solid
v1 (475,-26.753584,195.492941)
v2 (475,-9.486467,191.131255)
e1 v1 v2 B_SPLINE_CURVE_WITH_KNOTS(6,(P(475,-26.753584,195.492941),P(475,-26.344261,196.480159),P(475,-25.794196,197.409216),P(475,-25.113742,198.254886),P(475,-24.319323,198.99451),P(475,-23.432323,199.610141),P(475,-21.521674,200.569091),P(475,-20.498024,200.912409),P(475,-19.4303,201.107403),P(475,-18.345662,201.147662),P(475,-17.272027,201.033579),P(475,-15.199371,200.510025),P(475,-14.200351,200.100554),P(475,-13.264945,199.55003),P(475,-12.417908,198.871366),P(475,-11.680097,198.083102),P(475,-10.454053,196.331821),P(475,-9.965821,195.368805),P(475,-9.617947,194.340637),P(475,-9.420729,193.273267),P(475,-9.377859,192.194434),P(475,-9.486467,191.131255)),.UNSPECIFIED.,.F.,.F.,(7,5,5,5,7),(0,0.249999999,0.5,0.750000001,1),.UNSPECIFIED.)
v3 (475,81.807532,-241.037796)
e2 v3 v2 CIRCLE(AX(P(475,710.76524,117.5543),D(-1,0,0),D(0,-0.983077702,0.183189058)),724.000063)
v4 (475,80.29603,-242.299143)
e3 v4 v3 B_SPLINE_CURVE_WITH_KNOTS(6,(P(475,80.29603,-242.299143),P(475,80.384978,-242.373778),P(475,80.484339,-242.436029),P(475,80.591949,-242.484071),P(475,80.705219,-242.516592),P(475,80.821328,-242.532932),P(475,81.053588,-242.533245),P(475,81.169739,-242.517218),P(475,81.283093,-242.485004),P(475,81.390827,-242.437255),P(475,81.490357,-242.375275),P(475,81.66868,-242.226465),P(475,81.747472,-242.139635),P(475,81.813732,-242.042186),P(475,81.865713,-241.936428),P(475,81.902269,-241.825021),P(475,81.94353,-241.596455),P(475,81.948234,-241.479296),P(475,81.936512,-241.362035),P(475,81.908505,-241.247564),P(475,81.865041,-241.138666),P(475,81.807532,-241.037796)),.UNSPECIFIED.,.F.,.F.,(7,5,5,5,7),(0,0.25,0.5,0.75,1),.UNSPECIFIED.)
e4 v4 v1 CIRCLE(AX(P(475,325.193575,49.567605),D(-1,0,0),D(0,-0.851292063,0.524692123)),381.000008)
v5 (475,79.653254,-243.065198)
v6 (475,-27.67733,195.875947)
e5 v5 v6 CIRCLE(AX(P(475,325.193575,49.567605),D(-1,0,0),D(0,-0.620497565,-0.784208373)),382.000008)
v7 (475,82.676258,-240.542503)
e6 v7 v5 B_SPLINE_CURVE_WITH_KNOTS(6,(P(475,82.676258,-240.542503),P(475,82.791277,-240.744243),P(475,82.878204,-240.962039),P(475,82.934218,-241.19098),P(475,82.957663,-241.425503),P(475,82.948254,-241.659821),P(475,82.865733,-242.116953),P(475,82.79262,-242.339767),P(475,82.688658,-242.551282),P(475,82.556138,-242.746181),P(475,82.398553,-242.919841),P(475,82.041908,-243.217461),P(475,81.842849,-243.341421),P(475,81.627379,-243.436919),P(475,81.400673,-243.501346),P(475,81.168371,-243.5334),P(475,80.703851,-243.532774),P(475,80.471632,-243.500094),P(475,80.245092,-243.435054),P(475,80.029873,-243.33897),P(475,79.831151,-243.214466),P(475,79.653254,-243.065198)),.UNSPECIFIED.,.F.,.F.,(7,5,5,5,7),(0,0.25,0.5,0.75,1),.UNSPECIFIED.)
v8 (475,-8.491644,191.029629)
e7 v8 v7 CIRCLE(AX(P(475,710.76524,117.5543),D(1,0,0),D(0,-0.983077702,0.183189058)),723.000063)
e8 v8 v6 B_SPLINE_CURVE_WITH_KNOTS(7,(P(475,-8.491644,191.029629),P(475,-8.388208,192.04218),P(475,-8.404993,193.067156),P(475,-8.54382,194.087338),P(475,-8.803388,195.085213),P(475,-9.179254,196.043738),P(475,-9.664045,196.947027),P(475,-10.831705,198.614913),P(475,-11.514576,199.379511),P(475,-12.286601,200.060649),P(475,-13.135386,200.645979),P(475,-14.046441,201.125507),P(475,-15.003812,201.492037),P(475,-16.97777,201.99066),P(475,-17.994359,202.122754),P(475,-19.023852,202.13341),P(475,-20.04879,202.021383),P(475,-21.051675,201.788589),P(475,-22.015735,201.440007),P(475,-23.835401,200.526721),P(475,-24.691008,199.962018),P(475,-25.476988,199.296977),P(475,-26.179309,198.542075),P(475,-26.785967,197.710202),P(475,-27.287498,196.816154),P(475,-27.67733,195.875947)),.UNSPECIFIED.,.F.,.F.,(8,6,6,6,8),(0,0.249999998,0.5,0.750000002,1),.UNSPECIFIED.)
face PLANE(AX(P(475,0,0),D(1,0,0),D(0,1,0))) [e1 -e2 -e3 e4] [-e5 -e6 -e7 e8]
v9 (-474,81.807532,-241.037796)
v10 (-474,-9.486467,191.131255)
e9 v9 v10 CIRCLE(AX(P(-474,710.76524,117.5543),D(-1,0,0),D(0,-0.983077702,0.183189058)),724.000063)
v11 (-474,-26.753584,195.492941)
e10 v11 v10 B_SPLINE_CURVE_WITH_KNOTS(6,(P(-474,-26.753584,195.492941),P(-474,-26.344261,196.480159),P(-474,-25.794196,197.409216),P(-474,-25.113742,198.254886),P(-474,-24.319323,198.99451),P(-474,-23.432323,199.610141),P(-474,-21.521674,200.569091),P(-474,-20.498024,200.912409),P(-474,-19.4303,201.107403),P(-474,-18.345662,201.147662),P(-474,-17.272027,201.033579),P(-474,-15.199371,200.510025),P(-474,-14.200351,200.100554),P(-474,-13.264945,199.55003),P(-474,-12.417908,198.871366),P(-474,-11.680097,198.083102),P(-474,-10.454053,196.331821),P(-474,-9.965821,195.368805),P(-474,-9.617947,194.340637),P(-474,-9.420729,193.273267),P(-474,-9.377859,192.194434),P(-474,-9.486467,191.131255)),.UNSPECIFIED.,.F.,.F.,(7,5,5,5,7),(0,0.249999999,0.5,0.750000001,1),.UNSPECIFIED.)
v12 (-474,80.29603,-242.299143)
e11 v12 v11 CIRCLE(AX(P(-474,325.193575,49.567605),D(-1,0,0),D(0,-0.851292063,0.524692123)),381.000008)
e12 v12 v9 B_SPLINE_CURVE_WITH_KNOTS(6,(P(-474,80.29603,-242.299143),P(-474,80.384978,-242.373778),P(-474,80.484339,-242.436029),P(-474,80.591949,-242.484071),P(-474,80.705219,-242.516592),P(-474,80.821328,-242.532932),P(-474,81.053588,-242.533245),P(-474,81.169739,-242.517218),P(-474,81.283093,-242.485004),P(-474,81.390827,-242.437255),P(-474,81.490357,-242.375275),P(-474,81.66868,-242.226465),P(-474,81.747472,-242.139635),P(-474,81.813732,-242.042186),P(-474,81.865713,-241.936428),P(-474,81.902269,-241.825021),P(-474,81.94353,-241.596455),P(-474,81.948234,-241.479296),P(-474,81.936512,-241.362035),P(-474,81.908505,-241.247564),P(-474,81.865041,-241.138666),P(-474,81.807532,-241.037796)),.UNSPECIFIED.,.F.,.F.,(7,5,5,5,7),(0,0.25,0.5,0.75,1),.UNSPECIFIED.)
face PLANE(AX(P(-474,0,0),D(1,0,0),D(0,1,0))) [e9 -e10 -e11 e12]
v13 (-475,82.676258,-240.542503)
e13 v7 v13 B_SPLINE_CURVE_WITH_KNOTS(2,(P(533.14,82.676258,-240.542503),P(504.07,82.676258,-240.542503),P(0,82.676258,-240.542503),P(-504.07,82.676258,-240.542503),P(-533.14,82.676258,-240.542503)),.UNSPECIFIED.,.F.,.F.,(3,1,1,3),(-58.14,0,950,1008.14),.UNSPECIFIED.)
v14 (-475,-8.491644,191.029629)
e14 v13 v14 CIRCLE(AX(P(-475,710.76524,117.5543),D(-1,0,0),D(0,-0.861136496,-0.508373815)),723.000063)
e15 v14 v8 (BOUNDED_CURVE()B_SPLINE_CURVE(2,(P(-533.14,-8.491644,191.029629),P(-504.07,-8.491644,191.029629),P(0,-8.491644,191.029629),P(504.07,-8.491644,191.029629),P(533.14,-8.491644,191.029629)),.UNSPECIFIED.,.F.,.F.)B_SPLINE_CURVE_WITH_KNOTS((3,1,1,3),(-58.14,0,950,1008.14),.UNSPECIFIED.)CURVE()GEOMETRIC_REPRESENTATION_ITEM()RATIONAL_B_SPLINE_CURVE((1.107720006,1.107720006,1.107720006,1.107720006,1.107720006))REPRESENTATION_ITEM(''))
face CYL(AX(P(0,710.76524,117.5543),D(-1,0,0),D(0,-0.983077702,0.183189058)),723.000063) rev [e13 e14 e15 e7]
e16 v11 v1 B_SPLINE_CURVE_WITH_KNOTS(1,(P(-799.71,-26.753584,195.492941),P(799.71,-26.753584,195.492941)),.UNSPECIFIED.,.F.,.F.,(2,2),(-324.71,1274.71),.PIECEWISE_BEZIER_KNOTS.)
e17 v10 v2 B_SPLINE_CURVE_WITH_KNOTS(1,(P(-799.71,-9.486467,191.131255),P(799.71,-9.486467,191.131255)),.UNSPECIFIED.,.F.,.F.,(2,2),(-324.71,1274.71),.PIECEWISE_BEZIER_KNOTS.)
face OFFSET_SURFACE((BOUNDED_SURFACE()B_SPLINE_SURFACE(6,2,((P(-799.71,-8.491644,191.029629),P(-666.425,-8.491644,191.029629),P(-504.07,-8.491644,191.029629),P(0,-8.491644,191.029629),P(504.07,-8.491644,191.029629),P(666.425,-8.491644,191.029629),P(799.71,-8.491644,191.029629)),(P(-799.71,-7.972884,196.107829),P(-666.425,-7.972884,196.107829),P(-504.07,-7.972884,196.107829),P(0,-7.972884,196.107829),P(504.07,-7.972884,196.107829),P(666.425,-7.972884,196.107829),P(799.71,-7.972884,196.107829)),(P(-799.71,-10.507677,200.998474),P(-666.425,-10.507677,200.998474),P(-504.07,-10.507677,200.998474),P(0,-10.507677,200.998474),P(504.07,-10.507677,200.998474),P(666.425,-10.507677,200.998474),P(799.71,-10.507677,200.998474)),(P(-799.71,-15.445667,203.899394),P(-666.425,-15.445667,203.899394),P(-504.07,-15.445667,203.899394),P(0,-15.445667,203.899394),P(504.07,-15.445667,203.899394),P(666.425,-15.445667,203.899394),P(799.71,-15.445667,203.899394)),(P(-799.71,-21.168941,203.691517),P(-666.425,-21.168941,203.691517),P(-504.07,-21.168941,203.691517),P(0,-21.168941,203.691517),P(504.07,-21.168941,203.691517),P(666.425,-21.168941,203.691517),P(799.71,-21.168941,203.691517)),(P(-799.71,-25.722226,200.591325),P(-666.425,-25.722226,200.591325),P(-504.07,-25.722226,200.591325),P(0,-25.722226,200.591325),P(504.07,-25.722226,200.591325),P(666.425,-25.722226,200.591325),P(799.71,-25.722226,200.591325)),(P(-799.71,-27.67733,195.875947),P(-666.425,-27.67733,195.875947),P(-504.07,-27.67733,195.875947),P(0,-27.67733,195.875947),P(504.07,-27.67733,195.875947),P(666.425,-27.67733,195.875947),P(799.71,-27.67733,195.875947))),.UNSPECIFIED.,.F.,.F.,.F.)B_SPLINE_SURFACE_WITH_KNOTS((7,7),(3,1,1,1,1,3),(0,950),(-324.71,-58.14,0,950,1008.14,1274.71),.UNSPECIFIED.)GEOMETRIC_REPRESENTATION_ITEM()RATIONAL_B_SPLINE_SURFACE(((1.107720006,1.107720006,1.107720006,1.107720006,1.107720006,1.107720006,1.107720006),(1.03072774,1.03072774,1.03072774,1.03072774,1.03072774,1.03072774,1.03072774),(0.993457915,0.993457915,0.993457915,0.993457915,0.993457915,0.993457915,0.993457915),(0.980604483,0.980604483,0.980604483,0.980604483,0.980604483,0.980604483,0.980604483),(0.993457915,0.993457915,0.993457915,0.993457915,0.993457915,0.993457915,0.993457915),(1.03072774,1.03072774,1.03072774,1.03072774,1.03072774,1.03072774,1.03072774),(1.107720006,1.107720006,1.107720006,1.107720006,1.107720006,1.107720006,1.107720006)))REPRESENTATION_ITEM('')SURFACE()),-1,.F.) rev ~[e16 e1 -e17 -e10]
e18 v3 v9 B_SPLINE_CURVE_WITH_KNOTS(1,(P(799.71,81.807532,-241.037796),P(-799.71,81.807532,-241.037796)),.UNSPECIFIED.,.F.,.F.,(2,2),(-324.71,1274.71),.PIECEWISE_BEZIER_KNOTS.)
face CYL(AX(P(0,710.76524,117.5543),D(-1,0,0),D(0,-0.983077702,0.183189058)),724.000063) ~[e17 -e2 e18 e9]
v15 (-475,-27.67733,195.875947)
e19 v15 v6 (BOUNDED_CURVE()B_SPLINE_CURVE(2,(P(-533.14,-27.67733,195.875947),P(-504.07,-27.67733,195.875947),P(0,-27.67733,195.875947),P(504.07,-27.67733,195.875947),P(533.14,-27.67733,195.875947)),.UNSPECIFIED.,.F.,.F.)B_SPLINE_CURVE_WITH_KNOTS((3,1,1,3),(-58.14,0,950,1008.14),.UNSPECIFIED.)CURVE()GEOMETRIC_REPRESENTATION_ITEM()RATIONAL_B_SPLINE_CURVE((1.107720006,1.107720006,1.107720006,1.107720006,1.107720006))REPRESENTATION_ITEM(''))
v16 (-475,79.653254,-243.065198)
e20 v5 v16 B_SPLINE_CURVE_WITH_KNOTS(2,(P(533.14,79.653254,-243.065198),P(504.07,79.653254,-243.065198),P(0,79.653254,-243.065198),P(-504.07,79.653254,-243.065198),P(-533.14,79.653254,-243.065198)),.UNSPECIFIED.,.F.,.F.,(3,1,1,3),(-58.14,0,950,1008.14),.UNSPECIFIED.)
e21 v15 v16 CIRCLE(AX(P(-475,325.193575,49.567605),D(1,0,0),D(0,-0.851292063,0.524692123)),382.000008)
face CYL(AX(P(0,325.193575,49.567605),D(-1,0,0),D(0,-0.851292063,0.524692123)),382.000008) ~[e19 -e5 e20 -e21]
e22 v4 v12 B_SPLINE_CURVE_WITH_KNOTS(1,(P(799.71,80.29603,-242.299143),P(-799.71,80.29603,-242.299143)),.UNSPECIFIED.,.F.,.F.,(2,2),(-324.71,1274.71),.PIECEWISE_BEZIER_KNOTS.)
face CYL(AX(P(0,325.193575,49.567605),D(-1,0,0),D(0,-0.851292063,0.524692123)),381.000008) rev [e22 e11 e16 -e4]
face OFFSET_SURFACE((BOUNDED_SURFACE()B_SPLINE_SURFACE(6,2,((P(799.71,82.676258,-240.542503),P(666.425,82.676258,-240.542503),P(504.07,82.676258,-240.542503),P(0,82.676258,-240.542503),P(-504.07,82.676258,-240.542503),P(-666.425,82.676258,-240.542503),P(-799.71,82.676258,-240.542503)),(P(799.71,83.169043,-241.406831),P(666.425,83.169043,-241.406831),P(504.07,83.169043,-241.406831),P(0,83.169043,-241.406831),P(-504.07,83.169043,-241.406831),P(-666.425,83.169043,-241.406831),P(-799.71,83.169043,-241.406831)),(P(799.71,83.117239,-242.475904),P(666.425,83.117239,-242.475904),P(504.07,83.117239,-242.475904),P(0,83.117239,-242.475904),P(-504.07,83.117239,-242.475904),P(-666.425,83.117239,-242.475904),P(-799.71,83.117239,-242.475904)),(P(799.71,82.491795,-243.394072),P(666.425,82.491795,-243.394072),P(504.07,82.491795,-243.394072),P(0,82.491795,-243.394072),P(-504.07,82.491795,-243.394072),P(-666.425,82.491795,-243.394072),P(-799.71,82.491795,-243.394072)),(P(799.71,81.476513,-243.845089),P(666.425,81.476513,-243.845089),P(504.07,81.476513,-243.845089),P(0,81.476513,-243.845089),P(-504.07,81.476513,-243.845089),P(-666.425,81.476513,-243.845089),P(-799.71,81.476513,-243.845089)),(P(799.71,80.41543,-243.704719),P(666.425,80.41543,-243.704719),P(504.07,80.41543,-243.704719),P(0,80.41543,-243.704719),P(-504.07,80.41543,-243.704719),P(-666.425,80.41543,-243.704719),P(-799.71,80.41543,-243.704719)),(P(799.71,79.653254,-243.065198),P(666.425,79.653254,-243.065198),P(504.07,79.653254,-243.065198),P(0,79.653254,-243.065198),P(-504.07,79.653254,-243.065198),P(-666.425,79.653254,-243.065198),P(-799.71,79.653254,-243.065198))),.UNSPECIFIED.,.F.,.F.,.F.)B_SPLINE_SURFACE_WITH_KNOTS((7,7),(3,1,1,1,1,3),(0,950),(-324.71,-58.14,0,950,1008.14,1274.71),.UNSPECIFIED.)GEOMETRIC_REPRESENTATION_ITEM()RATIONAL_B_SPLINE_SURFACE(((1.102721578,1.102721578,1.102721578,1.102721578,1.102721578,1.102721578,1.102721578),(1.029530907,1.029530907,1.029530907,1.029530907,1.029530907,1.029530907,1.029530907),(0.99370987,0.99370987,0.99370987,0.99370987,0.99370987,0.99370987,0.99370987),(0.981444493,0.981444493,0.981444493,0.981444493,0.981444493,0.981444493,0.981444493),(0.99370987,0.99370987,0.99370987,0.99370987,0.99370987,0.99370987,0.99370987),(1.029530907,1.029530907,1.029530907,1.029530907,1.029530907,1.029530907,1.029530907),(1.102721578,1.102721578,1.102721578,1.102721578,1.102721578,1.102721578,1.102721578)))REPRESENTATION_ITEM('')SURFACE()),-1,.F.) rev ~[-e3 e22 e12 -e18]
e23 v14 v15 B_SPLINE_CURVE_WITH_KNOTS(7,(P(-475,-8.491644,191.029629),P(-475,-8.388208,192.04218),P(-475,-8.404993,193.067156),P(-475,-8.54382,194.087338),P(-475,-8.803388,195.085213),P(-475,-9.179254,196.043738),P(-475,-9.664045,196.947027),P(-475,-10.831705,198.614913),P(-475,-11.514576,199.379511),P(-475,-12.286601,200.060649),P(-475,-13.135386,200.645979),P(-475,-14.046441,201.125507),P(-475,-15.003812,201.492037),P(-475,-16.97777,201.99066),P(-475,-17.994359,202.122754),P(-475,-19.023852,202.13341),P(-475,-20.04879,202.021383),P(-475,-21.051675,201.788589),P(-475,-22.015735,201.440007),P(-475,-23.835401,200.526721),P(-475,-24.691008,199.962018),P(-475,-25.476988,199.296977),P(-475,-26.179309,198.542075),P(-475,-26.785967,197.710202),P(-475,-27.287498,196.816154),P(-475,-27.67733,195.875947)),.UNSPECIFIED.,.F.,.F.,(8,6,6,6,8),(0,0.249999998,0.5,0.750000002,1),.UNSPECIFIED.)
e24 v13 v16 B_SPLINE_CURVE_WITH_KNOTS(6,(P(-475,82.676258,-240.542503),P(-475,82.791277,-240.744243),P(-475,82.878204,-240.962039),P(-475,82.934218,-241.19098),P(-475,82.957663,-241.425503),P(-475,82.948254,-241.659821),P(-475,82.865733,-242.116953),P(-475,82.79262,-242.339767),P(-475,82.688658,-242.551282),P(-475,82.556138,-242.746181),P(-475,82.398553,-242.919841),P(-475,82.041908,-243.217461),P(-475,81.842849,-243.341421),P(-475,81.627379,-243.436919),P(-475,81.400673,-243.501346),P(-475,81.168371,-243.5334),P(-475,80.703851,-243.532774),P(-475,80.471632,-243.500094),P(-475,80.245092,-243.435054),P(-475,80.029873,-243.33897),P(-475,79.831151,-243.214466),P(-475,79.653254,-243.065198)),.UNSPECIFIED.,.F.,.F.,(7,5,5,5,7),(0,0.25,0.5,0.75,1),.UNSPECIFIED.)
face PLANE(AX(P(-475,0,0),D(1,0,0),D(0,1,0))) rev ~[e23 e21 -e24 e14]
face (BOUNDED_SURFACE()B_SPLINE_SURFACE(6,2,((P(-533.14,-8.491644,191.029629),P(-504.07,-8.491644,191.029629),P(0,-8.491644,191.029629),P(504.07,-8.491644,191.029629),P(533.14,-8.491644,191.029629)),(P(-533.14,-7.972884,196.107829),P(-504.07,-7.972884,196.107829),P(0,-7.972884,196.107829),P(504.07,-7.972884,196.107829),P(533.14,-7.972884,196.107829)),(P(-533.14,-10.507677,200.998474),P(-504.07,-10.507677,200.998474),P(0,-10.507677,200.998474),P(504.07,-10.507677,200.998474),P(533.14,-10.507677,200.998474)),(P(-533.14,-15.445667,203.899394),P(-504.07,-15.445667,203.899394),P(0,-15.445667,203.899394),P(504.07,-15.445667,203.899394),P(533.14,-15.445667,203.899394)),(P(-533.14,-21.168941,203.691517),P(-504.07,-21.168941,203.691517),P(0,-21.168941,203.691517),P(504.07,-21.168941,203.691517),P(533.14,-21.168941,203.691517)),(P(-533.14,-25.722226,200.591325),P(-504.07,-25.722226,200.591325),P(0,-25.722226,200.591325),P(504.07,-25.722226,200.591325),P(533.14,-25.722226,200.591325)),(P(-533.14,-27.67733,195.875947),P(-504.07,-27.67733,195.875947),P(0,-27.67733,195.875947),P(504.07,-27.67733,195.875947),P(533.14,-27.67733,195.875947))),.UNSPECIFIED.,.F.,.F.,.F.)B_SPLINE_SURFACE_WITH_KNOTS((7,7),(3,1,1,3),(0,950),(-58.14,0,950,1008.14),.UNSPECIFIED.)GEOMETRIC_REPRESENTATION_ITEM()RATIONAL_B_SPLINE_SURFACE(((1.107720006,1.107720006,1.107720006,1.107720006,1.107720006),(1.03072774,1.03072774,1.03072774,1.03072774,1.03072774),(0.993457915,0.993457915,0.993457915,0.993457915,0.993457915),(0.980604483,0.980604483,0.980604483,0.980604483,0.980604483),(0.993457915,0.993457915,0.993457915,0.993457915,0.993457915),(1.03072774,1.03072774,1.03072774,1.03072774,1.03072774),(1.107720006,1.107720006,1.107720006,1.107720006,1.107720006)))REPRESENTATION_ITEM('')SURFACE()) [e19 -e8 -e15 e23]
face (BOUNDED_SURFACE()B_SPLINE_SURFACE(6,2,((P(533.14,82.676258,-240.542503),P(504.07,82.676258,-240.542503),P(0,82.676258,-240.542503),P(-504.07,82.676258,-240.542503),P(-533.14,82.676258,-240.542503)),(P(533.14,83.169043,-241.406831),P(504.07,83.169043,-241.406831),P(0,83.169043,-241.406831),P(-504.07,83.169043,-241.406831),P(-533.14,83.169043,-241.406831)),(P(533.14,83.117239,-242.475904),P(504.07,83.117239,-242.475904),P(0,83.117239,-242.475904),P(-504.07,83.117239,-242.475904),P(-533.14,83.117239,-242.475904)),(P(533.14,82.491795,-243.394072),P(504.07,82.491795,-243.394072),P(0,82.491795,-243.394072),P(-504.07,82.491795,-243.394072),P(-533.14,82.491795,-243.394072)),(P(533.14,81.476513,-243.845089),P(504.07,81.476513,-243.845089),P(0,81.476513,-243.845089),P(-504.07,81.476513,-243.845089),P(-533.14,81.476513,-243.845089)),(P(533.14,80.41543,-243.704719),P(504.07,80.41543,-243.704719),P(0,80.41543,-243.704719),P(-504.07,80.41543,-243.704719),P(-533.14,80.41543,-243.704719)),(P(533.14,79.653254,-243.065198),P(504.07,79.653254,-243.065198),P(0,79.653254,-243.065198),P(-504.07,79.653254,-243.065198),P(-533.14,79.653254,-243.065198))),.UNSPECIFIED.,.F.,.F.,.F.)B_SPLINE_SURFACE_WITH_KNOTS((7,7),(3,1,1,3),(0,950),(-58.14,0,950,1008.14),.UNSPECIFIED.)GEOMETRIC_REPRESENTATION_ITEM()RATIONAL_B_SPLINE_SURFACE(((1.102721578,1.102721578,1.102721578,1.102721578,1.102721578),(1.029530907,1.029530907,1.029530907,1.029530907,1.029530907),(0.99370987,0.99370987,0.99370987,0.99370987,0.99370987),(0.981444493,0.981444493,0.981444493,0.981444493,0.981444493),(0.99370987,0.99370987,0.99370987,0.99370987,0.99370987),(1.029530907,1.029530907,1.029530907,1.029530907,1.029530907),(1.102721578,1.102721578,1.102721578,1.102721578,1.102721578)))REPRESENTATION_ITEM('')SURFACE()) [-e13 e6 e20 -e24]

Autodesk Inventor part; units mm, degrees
ref_plane "YZ Plane" through (0, 0, 0) normal (1, 0, 0) x (0, 1, 0)
ref_plane "XZ Plane" through (0, 0, 0) normal (0, 1, 0) x (-1, 0, 0)
ref_plane "XY Plane" through (0, 0, 0) normal (0, 0, 1) x (1, 0, 0)
sketch "スケッチ1" plane through (0, 0, 0) normal (1, 0, 0) x (0, 1, 0)
  line L0 (0, 250) -> (88.1635, -250)
  line L1 (0, 353.3532) -> (0, -370.1192) projected
  arc A0 (0, 250) -> (88.1635, -250) centre (710.7652, 117.5543) ccw
  arc A1 (0, 250) -> (88.1635, -250) centre (325.1936, 49.5676) ccw
  point P0 (0, 0)
  dimension "d0" = 10
  dimension "d1" = 500
  dimension "d2" = 723
  dimension "d3" = 382
  dimension "d4" = 250
extrude "押し出し1" add sketch "スケッチ1" along normal mid plane 950 contours A0 L1 A1 | A1 L1 A0
fillet "フィレット1" radius 10 1 edges at (0, 0, 250)
fillet "フィレット2" radius 2 1 edges at (0, 88.1635, -250)
shell "シェル1" thickness 1 removed faces 1 at (475, -17.1174, -13.9662)
properties part number "cover_re" material "CFRP"
